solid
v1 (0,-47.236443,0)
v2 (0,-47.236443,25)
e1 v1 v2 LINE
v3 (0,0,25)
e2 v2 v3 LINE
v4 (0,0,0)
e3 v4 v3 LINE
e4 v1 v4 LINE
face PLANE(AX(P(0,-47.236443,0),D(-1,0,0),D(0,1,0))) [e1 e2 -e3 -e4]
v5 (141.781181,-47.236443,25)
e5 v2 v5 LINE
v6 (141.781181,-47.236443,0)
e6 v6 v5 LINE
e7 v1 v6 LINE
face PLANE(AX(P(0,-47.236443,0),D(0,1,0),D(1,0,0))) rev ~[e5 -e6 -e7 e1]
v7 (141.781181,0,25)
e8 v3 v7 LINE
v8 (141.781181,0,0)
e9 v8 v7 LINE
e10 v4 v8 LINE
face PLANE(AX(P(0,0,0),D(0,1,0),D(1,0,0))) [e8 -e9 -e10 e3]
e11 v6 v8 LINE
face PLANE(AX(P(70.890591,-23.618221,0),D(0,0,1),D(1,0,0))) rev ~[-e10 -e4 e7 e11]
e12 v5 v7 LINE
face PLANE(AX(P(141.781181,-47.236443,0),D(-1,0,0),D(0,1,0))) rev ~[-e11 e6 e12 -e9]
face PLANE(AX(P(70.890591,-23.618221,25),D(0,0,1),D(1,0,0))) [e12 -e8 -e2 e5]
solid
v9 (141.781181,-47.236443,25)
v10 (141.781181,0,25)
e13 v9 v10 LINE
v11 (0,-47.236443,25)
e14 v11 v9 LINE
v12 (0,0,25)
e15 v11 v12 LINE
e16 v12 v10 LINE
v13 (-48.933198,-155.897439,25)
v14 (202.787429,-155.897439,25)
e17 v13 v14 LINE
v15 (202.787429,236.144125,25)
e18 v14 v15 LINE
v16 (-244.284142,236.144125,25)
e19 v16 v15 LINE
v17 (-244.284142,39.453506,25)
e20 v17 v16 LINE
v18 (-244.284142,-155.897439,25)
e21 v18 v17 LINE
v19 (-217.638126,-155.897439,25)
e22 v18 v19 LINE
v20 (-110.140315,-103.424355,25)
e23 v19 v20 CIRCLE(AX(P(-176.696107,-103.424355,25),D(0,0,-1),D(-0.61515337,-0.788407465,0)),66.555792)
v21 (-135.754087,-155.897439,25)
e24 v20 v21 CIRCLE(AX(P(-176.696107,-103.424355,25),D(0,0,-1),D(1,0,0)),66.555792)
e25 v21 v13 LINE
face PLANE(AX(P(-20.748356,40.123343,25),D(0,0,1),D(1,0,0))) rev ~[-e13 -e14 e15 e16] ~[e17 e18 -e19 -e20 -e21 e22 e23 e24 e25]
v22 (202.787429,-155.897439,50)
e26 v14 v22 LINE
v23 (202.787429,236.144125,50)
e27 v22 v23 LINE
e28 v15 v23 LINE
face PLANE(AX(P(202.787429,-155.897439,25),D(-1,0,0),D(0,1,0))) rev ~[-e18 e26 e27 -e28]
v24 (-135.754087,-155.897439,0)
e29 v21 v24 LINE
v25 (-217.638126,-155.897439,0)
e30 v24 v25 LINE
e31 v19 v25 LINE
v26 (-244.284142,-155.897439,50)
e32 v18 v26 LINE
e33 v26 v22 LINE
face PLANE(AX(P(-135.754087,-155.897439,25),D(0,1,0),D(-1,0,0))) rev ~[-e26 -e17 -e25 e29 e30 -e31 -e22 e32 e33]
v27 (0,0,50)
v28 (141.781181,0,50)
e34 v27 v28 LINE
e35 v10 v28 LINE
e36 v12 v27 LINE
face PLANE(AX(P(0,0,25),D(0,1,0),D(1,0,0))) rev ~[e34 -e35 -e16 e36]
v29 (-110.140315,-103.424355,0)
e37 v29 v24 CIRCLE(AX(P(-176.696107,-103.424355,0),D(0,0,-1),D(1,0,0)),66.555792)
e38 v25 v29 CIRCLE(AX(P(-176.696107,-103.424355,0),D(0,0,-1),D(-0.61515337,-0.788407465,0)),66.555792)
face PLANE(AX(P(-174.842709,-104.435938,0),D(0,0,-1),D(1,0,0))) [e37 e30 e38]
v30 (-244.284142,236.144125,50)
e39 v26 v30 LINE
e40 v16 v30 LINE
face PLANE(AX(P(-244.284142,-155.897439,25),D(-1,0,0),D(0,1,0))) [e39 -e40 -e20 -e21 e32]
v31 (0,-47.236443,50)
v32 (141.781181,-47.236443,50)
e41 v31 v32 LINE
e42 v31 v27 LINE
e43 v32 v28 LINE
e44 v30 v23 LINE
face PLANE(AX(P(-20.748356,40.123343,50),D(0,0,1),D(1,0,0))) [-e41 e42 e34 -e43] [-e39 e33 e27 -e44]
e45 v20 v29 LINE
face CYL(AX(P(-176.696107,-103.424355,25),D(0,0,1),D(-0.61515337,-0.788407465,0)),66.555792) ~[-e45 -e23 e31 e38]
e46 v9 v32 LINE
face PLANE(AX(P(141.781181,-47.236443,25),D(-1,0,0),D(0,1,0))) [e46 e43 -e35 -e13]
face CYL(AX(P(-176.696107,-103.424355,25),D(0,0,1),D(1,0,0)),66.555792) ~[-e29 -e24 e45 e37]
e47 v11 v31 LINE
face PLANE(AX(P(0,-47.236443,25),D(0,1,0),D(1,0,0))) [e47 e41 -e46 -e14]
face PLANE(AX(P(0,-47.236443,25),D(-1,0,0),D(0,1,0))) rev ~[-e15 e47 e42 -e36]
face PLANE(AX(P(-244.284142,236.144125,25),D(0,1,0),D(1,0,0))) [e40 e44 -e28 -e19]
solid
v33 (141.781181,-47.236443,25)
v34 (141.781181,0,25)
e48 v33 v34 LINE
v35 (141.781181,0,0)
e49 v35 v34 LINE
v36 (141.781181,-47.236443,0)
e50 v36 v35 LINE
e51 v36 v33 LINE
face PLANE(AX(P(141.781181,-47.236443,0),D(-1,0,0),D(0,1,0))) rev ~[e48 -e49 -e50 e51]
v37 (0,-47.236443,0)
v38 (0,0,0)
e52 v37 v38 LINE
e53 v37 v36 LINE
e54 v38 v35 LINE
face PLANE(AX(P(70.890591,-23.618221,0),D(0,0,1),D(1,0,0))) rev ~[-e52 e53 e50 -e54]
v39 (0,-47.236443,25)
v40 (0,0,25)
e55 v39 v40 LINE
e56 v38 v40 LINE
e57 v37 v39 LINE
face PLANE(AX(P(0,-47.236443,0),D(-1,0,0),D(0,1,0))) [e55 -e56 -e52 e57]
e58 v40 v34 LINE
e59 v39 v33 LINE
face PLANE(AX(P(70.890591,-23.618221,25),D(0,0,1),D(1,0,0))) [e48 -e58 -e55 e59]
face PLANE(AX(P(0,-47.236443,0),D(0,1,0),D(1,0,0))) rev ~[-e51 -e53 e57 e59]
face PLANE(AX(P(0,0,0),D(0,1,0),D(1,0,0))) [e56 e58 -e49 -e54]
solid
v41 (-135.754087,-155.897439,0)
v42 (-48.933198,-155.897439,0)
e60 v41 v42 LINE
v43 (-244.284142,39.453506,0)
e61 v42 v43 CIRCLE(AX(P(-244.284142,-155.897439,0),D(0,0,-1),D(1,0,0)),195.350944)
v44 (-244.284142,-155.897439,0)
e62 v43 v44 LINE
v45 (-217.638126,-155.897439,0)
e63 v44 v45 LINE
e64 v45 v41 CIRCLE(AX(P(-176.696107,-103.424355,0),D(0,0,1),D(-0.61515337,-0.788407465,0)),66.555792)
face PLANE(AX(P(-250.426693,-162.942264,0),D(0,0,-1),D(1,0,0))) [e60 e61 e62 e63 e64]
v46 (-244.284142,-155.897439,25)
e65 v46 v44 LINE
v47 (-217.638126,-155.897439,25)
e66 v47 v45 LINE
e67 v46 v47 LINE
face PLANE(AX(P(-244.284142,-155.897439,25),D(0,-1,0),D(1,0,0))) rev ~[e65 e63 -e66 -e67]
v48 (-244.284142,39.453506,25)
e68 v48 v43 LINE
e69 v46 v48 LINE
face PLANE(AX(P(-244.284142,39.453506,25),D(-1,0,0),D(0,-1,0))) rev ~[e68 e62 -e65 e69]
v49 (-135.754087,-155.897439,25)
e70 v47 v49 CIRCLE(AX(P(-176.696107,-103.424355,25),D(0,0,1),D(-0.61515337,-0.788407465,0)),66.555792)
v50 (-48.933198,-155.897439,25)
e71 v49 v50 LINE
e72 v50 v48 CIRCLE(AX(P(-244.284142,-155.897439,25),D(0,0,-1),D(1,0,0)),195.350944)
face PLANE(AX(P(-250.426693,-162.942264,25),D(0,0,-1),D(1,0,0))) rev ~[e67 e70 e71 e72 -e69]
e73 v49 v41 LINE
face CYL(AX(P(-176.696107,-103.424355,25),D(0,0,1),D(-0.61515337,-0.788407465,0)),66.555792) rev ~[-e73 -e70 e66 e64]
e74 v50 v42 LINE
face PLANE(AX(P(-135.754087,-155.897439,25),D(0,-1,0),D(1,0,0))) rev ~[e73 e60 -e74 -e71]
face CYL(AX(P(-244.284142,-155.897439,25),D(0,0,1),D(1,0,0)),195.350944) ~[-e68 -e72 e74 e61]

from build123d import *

# Parameters (mm, degrees)
F0_W     = 141.781181097
F0_H     = 47.2364425659
F2_DEPTH = 25
F1_W     = 141.781181097
F1_H     = 47.2364425659
F3_DEPTH = 25
F4_W     = 447.0715709031
F4_H     = 392.0415639877
F4_W_2   = 141.781181097
F4_H_2   = 47.2364425659
F5_DEPTH = 25
F6_R     = 58.2053766927
F7_DEPTH = 25


with BuildPart() as f2:
    # F0 (on Top) → F2 (new body)
    with BuildSketch(Plane.XY):
        with Locations((70.8905905485, -23.618221283)):
            Rectangle(F0_W, F0_H)
    extrude(amount=F2_DEPTH)


with BuildPart() as f3:
    # F1 (on face) → F3 (new body)
    with BuildSketch(Plane.XY):
        with Locations((70.8905905485, -23.618221283)):
            Rectangle(F1_W, F1_H)
    extrude(amount=F3_DEPTH)


with BuildPart() as f5:
    # F4 (on face) → F5 (new body)
    with BuildSketch(Plane.XY.offset(25)):
        with Locations((-20.7483563572, 40.1233434677)):
            Rectangle(F4_W, F4_H)
        with Locations((70.8905905485, -23.618221283)):
            Rectangle(F4_W_2, F4_H_2, mode=Mode.SUBTRACT)
    extrude(amount=F5_DEPTH)

    # F6 (on face) → F7 (join)
    with BuildSketch(Plane(origin=(0, 0, 25), x_dir=(1, 0, 0), z_dir=(0, 0, -1))):
        with BuildLine():
            Line((-135.7540871434, 155.8974385262), (-48.9331977702, 155.8974385262))
            ThreePointArc((-48.9331977702, 155.8974385262), (-382.4181190496, 294.031415767), (-244.2841418087, -39.4535055124))
            Line((-244.2841418087, -39.4535055124), (-244.2841418087, 155.8974385262))
            Line((-244.2841418087, 155.8974385262), (-217.6381264396, 155.8974385262))
            ThreePointArc((-217.6381264396, 155.8974385262), (-176.6961067915, 169.9801472237), (-135.7540871434, 155.8974385262))
        make_face()
        with Locations((-324.4167268276, 163.0218029022)):
            Circle(F6_R, mode=Mode.SUBTRACT)
        with BuildLine():
            ThreePointArc((-110.1403149555, 103.4243553877), (-116.8855643932, 132.6197736059), (-135.7540871434, 155.8974385262))
            Line((-135.7540871434, 155.8974385262), (-217.6381264396, 155.8974385262))
            ThreePointArc((-217.6381264396, 155.8974385262), (-205.8915250097, 43.6138129894), (-110.1403149555, 103.4243553877))
        make_face()
        with Locations((-324.4167268276, 163.0218029022)):
            Circle(F6_R)
    extrude(amount=F7_DEPTH)


solid = Compound([f2.part, f3.part, f5.part])
